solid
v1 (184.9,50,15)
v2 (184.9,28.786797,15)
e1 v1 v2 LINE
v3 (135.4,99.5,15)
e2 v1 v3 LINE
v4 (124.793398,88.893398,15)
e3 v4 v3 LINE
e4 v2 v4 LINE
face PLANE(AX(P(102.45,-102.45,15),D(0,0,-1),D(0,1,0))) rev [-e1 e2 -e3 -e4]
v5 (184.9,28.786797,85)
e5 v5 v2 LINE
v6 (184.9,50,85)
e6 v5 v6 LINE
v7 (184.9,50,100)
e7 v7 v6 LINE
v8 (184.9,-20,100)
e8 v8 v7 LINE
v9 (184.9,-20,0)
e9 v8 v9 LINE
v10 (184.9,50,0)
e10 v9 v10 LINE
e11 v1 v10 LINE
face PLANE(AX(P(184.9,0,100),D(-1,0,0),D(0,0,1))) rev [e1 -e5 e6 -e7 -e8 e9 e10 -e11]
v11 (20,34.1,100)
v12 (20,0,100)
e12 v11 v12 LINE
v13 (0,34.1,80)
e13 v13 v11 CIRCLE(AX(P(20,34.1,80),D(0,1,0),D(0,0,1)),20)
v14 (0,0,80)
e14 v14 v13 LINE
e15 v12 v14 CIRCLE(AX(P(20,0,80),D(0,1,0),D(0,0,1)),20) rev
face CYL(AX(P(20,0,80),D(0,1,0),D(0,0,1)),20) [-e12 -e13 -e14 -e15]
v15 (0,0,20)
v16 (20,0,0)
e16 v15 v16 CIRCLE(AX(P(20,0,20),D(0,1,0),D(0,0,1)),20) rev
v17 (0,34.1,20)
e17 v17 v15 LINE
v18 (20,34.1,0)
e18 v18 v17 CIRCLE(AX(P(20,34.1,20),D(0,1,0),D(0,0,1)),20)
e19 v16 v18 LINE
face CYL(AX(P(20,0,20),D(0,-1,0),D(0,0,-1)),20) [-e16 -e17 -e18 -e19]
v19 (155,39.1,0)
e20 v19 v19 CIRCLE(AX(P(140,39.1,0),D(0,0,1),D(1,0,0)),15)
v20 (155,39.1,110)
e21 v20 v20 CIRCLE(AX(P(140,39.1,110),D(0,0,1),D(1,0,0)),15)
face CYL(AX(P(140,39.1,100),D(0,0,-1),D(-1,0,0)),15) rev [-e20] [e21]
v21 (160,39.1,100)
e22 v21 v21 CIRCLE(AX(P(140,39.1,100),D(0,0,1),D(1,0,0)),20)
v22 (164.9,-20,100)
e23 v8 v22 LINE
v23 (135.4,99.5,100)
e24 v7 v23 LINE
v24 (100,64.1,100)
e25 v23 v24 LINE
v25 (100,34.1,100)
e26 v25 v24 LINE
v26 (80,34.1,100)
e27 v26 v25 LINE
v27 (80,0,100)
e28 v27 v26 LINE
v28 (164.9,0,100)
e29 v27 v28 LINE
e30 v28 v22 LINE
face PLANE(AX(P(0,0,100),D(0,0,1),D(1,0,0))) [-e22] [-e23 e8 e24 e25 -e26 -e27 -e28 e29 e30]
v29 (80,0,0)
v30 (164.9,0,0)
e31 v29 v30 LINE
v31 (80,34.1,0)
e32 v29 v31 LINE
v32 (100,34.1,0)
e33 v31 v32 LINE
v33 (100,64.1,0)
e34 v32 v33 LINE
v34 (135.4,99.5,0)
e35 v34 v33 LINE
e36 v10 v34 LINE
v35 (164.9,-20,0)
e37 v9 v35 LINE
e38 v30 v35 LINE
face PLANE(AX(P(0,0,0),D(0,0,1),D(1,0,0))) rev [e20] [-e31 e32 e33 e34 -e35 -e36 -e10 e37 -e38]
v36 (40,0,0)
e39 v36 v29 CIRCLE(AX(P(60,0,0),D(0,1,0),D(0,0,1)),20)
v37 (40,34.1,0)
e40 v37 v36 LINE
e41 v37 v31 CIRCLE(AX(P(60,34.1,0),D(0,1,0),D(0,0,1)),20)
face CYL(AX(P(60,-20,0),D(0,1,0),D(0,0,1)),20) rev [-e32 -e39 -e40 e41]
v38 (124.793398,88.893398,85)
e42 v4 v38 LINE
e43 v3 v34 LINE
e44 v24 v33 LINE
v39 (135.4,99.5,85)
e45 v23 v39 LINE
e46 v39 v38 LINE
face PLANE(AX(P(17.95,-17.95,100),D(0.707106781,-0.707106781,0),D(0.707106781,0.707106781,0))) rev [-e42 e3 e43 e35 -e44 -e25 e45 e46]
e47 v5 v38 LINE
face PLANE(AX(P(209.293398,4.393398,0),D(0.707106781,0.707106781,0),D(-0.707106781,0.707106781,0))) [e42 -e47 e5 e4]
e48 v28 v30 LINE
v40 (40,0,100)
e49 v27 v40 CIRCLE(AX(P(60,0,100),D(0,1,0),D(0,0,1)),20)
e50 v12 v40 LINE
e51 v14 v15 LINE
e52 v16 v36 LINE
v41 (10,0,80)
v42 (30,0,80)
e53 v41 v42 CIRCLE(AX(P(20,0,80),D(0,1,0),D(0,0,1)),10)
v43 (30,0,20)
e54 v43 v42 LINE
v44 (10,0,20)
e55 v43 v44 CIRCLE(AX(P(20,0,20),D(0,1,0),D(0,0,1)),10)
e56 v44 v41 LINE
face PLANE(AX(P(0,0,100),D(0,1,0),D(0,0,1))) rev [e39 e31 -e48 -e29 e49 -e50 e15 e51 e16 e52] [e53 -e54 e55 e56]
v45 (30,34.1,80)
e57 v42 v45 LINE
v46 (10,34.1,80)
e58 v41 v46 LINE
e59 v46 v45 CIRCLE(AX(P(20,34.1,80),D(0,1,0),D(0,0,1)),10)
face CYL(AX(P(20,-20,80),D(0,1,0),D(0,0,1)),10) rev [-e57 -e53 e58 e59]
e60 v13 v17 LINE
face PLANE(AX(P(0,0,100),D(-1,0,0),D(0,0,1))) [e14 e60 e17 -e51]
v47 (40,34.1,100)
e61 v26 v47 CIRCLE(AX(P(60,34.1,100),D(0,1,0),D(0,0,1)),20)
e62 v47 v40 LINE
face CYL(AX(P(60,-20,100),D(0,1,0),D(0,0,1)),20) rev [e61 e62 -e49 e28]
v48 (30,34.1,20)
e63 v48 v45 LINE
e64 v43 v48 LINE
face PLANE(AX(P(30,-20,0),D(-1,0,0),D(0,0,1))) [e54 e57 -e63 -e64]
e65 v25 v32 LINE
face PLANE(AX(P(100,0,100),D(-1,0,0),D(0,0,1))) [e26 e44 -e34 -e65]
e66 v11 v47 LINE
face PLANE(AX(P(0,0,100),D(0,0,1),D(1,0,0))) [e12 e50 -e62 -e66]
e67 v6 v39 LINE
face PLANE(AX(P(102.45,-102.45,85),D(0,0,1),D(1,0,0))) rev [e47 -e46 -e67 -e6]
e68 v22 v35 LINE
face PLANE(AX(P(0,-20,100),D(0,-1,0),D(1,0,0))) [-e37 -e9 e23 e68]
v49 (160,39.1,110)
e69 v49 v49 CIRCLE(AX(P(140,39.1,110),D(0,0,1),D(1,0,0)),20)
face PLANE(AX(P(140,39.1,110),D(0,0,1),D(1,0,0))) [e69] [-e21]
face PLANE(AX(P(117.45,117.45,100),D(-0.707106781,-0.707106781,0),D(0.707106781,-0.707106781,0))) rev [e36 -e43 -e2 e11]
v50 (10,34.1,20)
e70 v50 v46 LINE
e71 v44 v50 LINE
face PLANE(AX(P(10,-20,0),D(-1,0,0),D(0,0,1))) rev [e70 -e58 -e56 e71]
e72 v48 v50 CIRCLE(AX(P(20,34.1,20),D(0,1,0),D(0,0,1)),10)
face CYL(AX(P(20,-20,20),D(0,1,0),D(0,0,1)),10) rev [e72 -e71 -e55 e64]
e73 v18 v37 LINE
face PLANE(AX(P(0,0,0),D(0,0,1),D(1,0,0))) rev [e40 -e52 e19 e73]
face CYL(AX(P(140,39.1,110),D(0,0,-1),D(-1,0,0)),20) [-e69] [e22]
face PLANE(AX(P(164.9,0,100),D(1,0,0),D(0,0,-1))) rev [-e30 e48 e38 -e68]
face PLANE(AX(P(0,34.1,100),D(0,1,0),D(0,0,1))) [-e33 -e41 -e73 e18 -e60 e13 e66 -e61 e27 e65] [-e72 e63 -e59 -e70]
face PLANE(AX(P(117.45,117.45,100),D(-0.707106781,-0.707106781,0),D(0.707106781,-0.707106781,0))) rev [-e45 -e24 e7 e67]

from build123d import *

# Parameters (mm, degrees)
SKETCH_1_W               = 100
SKETCH_1_H               = 34.1
SKETCH_1_W_2             = 20
SKETCH_1_H_2             = 20
EXTRUDE_1_DEPTH          = 100
CUT_EXTRUDE_1_DEPTH      = 228.303332576
CUT_EXTRUDE_1_DEPTH_BACK = 228.303332576
SKETCH_2_W               = 70
SKETCH_2_H               = 15
CUT_EXTRUDE_2_DEPTH      = 221.148063812
CUT_EXTRUDE_2_DEPTH_BACK = 221.148063812
SKETCH_3_R               = 20
CUT_EXTRUDE_3_DEPTH      = 221.148063812
CUT_EXTRUDE_3_DEPTH_BACK = 221.148063812
SKETCH_4_R               = 10
FILLET_3_R               = 20
SKETCH_5_R               = 20
EXTRUDE_2_DEPTH          = 10
CUT_EXTRUDE_4_DEPTH      = 238.040629429
CUT_EXTRUDE_4_DEPTH_BACK = 238.040629429
SKETCH_6_R               = 15


with BuildPart() as part:
    # Эскиз1 → Бобышка-Вытянуть1 (new body)
    with BuildSketch(Plane.XY):
        with Locations((50, 17.05)):
            Rectangle(SKETCH_1_W, SKETCH_1_H)
        with BuildLine():
            Line((100, 34.1), (100, 0))
            Line((100, 0), (164.9, 0))
            Line((164.9, 0), (184.9, 0))
            Line((184.9, 0), (184.9, 34.1))
            Line((184.9, 34.1), (154.142135624, 34.1))
            ThreePointArc((154.142135624, 34.1), (140, 24.1), (125.857864376, 34.1))
            Line((125.857864376, 34.1), (100, 34.1))
        make_face()
        with BuildLine():
            Line((184.9, 50), (135.4, 99.5))
            Line((135.4, 99.5), (135.4, 53.377254638))
            ThreePointArc((135.4, 53.377254638), (148.831760866, 51.224355653), (155, 39.1))
            ThreePointArc((155, 39.1), (154.783978395, 36.563470319), (154.142135624, 34.1))
            Line((154.142135624, 34.1), (184.9, 34.1))
            Line((184.9, 34.1), (184.9, 50))
        make_face()
        with BuildLine():
            Line((100, 64.1), (100, 34.1))
            Line((100, 34.1), (125.857864376, 34.1))
            ThreePointArc((125.857864376, 34.1), (126.556784294, 45.754318257), (135.4, 53.377254638))
            Line((135.4, 53.377254638), (135.4, 99.5))
            Line((135.4, 99.5), (100, 64.1))
        make_face()
        with Locations((174.9, -10)):
            Rectangle(SKETCH_1_W_2, SKETCH_1_H_2)
    extrude(amount=EXTRUDE_1_DEPTH)

    # Эскиз2 → Вырез-Вытянуть1 (cut, two sides: drawn at the far end of the back side and taken through both)
    with BuildSketch(Plane(origin=(17.95, -17.95, 0), x_dir=(0, 0, 1), z_dir=(-0.7071067811865517, 0.7071067811865434, 0)).offset(-CUT_EXTRUDE_1_DEPTH_BACK)):
        with Locations((50, 158.599382901)):
            Rectangle(SKETCH_2_W, SKETCH_2_H)
    extrude(amount=CUT_EXTRUDE_1_DEPTH + CUT_EXTRUDE_1_DEPTH_BACK, mode=Mode.SUBTRACT)

    # Эскиз3 → Вырез-Вытянуть2 (cut, two sides: drawn at the far end of the back side and taken through both)
    with BuildSketch(Plane(origin=(0, 34.1, 0), x_dir=(1, 0, 0), z_dir=(0, 1, 0)).offset(-CUT_EXTRUDE_2_DEPTH_BACK)):
        with Locations((60, 0)):
            Circle(SKETCH_3_R)
        with Locations((60, -100)):
            Circle(SKETCH_3_R)
    extrude(amount=CUT_EXTRUDE_2_DEPTH + CUT_EXTRUDE_2_DEPTH_BACK, mode=Mode.SUBTRACT)

    # Эскиз4 → Вырез-Вытянуть3 (cut, two sides: drawn at the far end of the back side and taken through both)
    with BuildSketch(Plane(origin=(0, 34.1, 0), x_dir=(1, 0, 0), z_dir=(0, 1, 0)).offset(-CUT_EXTRUDE_3_DEPTH_BACK)):
        with BuildLine():
            Line((30, -80), (30, -20))
            ThreePointArc((30, -20), (20, -30), (10, -20))
            Line((10, -20), (10, -80))
            ThreePointArc((10, -80), (20, -70), (30, -80))
        make_face()
        with Locations((20, -20)):
            Circle(SKETCH_4_R)
        with Locations((20, -80)):
            Circle(SKETCH_4_R)
    extrude(amount=CUT_EXTRUDE_3_DEPTH + CUT_EXTRUDE_3_DEPTH_BACK, mode=Mode.SUBTRACT)

    # Скругление3
    fillet_3_edges = [part.edges().sort_by_distance(p)[0] for p in [
        (0, 17.05, 0),
        (0, 17.05, 100),
    ]]
    fillet(fillet_3_edges, radius=FILLET_3_R)

    # Эскиз5 → Бобышка-Вытянуть2 (add)
    with BuildSketch(Plane.XY.offset(100)):
        with Locations((140, 39.1)):
            Circle(SKETCH_5_R)
    extrude(amount=EXTRUDE_2_DEPTH)

    # Эскиз6 → Вырез-Вытянуть4 (cut, two sides: drawn at the far end of the back side and taken through both)
    with BuildSketch(Plane.XY.offset(110).offset(-CUT_EXTRUDE_4_DEPTH_BACK)):
        with Locations((140, 39.1)):
            Circle(SKETCH_6_R)
    extrude(amount=CUT_EXTRUDE_4_DEPTH + CUT_EXTRUDE_4_DEPTH_BACK, mode=Mode.SUBTRACT)


solid = part.part
